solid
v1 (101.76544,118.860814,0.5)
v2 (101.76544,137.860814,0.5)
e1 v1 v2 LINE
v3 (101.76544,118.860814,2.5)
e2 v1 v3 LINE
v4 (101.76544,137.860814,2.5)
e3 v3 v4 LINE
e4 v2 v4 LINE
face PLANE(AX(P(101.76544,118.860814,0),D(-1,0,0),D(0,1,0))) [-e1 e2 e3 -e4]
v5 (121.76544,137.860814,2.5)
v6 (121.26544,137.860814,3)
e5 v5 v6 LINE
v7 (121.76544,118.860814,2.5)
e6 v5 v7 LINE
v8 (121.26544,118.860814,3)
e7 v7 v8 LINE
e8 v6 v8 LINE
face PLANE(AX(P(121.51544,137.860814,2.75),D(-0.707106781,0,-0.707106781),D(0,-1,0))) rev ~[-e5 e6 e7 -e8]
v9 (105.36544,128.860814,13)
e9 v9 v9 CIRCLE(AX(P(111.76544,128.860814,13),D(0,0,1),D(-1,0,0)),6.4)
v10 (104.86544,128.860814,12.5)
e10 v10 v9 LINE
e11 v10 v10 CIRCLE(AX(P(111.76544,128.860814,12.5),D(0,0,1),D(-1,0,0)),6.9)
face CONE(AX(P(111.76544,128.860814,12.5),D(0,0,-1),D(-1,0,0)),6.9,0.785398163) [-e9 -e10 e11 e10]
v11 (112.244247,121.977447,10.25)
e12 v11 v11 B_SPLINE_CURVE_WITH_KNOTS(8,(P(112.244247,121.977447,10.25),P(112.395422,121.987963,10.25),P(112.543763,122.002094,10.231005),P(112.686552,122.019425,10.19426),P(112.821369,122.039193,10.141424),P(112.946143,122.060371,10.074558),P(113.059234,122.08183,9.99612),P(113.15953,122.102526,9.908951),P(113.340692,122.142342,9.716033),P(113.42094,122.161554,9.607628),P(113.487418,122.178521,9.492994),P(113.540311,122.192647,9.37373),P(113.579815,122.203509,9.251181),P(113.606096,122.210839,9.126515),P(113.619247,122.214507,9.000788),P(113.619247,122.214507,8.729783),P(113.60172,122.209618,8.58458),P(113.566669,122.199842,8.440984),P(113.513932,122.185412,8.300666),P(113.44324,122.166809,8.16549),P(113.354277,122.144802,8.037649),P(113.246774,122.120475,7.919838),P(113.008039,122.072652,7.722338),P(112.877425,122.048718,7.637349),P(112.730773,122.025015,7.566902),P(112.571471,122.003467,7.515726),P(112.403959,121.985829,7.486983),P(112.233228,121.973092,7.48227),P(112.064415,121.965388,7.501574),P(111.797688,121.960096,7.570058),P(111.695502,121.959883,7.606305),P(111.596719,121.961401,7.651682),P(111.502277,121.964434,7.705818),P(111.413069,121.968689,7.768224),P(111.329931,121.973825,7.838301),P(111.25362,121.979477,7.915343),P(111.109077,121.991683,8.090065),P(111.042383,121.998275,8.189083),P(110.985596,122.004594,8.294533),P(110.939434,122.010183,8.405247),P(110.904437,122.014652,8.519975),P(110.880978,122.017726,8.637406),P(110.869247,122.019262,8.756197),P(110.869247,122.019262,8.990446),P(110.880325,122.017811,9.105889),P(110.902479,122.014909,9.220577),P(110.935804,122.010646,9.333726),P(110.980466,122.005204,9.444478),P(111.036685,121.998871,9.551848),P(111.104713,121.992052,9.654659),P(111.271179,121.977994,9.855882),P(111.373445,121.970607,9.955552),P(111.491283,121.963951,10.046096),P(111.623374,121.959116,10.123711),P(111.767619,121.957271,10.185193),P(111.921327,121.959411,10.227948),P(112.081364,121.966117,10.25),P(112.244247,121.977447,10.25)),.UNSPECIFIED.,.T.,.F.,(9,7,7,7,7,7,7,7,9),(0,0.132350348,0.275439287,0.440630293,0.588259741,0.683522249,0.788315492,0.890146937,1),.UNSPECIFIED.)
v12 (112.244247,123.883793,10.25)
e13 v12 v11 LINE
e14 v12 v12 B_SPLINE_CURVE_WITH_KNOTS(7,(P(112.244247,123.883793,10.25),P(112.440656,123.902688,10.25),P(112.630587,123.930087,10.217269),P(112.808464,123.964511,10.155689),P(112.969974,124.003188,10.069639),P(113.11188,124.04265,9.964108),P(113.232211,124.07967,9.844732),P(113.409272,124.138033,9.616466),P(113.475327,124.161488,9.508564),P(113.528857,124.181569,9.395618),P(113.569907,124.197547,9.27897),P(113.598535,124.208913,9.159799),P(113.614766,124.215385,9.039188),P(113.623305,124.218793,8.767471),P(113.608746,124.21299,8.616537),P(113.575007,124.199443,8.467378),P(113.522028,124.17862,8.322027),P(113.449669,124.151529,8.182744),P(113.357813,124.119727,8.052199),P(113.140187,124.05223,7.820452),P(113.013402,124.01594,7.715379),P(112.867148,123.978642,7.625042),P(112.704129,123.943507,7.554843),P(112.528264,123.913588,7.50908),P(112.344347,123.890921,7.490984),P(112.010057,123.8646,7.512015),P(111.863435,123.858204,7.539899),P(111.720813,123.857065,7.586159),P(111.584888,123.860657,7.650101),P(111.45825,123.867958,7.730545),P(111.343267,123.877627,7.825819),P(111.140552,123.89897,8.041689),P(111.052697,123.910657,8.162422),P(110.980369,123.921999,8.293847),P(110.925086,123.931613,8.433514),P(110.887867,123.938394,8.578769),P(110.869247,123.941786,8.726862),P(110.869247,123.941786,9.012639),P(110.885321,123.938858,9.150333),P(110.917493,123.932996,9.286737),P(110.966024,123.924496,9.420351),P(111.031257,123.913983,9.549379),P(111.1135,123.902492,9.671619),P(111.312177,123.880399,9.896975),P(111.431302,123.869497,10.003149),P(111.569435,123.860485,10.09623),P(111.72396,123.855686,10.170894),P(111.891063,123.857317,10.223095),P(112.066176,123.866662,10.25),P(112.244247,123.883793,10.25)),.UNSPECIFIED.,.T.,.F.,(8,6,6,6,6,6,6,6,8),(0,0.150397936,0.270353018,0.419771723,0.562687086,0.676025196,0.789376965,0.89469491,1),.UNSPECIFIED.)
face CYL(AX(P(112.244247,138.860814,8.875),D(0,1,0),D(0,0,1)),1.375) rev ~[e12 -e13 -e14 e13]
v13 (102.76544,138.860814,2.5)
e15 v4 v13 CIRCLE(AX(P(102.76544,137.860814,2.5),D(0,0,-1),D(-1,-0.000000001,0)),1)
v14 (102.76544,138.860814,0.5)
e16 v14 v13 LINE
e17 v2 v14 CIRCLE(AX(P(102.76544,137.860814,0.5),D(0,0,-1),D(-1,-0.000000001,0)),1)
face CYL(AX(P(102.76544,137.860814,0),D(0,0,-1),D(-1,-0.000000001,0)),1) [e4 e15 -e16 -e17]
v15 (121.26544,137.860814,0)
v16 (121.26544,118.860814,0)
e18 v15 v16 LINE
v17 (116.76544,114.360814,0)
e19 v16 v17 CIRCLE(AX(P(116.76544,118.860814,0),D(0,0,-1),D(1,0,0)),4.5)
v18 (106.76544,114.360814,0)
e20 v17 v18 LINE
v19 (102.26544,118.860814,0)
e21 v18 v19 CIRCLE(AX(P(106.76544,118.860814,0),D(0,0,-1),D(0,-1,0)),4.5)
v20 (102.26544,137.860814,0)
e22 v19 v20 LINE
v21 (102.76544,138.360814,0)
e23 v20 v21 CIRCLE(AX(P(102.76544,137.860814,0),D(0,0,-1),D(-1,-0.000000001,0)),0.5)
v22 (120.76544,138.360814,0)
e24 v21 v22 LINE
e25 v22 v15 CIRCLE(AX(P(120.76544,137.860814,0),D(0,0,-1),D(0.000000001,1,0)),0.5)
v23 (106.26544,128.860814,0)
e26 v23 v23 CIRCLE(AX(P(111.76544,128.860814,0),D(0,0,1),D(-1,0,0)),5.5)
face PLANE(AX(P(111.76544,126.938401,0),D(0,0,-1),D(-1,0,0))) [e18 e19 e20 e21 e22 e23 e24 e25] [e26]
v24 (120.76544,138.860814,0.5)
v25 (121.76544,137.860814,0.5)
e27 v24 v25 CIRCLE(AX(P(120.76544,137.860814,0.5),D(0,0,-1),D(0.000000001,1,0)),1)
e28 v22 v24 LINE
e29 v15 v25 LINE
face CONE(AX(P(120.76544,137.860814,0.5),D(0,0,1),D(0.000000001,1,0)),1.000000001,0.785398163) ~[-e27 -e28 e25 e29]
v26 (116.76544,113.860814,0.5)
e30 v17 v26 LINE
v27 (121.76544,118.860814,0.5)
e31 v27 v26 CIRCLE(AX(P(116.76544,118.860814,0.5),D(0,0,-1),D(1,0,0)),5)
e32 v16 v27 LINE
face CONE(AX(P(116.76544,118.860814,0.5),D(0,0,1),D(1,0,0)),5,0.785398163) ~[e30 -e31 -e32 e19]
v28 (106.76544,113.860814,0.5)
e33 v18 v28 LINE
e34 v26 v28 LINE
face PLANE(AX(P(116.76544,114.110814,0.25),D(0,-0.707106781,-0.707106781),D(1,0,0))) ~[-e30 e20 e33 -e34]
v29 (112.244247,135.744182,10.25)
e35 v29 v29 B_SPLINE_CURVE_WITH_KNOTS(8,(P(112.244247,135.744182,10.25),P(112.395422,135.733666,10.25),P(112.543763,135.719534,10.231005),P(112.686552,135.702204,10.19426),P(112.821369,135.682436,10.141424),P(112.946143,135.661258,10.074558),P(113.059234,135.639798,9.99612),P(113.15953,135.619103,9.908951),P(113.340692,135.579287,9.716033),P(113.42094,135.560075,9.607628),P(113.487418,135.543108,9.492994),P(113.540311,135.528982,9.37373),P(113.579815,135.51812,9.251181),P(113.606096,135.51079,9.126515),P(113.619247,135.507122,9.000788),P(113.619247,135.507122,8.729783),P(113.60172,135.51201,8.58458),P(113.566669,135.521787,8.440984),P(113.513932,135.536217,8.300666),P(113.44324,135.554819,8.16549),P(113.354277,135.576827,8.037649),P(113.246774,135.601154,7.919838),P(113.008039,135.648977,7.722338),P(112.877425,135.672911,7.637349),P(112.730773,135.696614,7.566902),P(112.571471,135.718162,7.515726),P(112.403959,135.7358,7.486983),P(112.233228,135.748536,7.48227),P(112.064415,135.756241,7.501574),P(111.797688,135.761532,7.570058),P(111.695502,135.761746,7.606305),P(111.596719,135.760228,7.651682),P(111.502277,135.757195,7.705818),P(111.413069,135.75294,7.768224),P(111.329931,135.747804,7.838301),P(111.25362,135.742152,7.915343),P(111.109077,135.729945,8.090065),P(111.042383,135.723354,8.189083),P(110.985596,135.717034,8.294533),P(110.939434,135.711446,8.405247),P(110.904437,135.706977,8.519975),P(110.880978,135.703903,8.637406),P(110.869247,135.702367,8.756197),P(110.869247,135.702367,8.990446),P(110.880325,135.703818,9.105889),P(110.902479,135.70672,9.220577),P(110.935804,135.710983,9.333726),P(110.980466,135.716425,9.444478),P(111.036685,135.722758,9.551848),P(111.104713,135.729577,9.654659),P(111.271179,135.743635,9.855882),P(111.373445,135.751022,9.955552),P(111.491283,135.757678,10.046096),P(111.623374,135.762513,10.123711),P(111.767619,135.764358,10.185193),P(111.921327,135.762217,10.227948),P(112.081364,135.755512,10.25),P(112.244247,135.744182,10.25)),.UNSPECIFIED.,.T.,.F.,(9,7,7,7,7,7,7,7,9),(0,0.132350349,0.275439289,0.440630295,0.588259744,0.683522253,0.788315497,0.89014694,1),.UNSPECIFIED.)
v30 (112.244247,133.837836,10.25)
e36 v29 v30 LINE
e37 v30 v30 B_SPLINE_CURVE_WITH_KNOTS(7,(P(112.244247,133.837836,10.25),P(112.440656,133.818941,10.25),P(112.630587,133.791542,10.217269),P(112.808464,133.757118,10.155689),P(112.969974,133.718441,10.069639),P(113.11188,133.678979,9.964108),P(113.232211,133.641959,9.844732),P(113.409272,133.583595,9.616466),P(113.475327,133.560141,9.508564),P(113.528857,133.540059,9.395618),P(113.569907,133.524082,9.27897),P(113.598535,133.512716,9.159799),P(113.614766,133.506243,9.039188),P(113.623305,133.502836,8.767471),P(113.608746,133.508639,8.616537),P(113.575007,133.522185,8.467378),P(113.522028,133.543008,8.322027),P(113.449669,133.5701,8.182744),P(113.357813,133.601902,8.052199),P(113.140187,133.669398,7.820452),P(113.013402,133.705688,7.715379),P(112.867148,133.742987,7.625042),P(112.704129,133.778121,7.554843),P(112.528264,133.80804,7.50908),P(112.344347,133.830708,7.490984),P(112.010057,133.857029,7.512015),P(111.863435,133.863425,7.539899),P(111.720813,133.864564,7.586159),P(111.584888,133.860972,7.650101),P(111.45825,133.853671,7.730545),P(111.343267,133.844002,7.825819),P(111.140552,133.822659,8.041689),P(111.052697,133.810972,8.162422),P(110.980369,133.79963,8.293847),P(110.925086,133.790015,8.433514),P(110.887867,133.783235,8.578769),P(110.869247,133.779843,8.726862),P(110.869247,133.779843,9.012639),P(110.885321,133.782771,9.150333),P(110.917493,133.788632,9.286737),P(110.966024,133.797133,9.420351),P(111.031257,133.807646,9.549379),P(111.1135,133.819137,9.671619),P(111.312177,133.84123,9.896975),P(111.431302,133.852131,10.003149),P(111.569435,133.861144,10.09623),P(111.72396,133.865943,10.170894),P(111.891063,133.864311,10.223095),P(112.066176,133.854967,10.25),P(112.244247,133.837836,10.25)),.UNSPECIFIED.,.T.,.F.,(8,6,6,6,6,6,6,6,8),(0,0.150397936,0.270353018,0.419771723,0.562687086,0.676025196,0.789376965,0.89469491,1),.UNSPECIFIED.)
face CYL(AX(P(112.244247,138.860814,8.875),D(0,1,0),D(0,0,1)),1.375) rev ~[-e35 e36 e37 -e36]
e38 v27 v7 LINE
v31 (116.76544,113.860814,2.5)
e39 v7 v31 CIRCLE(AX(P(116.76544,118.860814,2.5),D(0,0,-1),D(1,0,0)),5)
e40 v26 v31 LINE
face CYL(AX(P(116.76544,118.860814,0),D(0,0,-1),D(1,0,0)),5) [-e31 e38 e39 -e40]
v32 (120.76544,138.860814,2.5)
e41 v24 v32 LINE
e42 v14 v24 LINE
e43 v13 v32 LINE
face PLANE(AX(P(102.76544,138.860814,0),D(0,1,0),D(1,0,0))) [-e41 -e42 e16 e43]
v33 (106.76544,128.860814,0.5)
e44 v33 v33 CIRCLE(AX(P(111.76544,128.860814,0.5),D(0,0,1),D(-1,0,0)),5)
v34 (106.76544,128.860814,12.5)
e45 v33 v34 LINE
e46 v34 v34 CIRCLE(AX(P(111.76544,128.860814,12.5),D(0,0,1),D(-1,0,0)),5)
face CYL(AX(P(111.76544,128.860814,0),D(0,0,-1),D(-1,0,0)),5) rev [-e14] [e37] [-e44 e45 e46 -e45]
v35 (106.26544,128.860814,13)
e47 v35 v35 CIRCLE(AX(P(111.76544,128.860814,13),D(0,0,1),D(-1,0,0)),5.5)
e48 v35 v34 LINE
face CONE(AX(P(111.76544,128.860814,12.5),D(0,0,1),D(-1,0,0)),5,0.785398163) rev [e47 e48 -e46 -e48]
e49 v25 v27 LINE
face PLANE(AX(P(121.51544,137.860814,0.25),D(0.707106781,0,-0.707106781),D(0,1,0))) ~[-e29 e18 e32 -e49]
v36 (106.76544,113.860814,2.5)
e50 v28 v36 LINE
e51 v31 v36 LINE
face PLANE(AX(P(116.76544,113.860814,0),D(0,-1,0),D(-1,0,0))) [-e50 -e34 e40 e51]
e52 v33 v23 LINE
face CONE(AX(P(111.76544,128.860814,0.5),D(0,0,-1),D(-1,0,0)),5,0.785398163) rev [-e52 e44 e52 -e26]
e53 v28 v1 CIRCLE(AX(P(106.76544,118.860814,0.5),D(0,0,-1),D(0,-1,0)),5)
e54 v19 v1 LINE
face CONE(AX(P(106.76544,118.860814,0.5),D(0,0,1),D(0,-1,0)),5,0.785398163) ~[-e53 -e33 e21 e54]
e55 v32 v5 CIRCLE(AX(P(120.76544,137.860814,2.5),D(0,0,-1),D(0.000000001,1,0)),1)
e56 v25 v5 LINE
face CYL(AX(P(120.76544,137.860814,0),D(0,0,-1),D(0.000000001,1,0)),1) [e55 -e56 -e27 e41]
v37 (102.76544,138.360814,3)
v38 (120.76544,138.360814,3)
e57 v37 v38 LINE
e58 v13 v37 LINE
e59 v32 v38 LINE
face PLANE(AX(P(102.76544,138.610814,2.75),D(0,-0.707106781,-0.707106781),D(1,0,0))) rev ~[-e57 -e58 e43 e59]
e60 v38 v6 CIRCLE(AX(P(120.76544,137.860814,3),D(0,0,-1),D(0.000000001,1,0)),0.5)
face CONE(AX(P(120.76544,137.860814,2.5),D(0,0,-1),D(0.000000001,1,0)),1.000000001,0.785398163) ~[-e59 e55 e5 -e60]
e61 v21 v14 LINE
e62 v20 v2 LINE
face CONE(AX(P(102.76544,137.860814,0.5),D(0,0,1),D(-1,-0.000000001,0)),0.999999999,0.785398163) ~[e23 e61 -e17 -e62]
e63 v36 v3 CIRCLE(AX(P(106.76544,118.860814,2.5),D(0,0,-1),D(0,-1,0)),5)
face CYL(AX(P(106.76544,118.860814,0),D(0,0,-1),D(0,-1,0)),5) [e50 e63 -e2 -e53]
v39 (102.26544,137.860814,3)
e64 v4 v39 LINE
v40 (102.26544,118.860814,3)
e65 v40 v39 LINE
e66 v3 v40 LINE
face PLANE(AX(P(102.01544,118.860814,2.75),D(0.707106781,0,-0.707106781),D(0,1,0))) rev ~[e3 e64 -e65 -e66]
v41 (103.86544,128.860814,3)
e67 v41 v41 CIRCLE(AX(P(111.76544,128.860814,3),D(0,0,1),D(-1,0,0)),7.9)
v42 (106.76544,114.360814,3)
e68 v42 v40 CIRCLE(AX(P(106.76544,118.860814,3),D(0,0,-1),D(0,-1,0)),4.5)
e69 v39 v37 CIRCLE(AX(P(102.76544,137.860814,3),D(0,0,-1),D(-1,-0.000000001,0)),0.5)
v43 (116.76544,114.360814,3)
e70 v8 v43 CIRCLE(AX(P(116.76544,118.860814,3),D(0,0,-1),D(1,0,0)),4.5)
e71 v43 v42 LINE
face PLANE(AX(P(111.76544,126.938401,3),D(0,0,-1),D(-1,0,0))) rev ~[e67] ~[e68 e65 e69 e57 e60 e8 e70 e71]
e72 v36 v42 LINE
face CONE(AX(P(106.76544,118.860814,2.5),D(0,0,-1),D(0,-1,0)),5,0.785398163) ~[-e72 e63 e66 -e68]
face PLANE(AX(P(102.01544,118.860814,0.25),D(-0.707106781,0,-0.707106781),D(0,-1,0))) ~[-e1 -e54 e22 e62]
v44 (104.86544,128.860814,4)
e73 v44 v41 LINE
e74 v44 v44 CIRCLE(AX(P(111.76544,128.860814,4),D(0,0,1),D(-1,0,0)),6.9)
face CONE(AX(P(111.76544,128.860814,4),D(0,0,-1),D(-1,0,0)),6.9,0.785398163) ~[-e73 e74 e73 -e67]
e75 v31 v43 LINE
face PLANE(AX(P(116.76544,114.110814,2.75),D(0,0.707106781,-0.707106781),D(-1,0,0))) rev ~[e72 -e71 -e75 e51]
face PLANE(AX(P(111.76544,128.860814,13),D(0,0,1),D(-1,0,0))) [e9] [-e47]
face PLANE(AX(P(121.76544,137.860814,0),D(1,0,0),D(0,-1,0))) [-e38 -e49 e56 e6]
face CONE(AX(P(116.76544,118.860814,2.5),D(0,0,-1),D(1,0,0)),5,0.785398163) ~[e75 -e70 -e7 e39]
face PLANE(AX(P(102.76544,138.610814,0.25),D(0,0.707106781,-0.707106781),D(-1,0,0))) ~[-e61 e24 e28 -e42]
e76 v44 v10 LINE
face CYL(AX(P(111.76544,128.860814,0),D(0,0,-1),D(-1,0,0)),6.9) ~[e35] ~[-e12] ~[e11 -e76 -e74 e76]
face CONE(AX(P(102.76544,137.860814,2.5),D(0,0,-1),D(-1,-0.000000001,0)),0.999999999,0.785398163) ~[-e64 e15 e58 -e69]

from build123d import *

# Parameters (mm, degrees)
SKETCH2_R           = 6.9
BOSS_EXTRUDE1_DEPTH = 3
SKETCH3_R           = 6.9
SKETCH3_R_2         = 5
BOSS_EXTRUDE2_DEPTH = 13
CHAMFER1_SIZE       = 0.5
CHAMFER2_SIZE       = 1
SKETCH4_R           = 1.375
CUT_EXTRUDE1_DEPTH  = 20


with BuildPart() as part:
    # Sketch2 → Boss-Extrude1 (new body)
    with BuildSketch(Plane.XY):
        with BuildLine():
            Line((102.765440341, 138.860814374), (120.765440341, 138.860814374))
            ThreePointArc((120.765440341, 138.860814374), (121.472547122, 138.567921155), (121.765440341, 137.860814374))
            Line((121.765440341, 137.860814374), (121.765440341, 118.860814374))
            ThreePointArc((121.765440341, 118.860814374), (120.300974247, 115.325280468), (116.765440341, 113.860814374))
            Line((116.765440341, 113.860814374), (106.765440341, 113.860814374))
            ThreePointArc((106.765440341, 113.860814374), (103.229906435, 115.325280468), (101.765440341, 118.860814374))
            Line((101.765440341, 118.860814374), (101.765440341, 137.860814374))
            ThreePointArc((101.765440341, 137.860814374), (102.058333559, 138.567921155), (102.765440341, 138.860814374))
        make_face()
        with Locations((111.765440341, 128.860814374)):
            Circle(SKETCH2_R, mode=Mode.SUBTRACT)
    extrude(amount=BOSS_EXTRUDE1_DEPTH)

    # Sketch3 → Boss-Extrude2 (add)
    with BuildSketch(Plane.XY):
        with Locations(Location((111.765440341, 128.860814374, 0), (0, 0, 180))):
            Circle(SKETCH3_R)
        with Locations(Location((111.765440341, 128.860814374, 0), (0, 0, 180))):
            Circle(SKETCH3_R_2, mode=Mode.SUBTRACT)
    extrude(amount=BOSS_EXTRUDE2_DEPTH)

    # Chamfer1
    chamfer1_edges = [part.edges().sort_by_distance(p)[0] for p in [
        (121.472547122, 138.567921155, 0),
        (121.765440341, 128.360814374, 0),
        (111.765440341, 138.860814374, 3),
        (120.300974247, 115.325280468, 0),
        (111.765440341, 113.860814374, 0),
        (103.229906435, 115.325280468, 0),
        (101.765440341, 128.360814374, 0),
        (102.058333559, 138.567921155, 0),
        (111.765440341, 138.860814374, 0),
        (102.058333559, 138.567921155, 3),
        (101.765440341, 128.360814374, 3),
        (103.229906435, 115.325280468, 3),
        (118.665440341, 128.860814374, 13),
        (116.765440341, 128.860814374, 0),
        (116.765440341, 128.860814374, 13),
        (111.765440341, 113.860814374, 3),
        (120.300974247, 115.325280468, 3),
        (121.765440341, 128.360814374, 3),
        (121.472547122, 138.567921155, 3),
    ]]
    chamfer(chamfer1_edges, length=CHAMFER1_SIZE)

    # Chamfer2
    chamfer2_edges = [part.edges().sort_by_distance(p)[0] for p in [
        (118.665440341, 128.860814374, 3),
    ]]
    chamfer(chamfer2_edges, length=CHAMFER2_SIZE)

    # Sketch4 → Cut-Extrude1 (cut)
    with BuildSketch(Plane(origin=(0, 138.860814374, 0), x_dir=(1, 0, 0), z_dir=(0, 1, 0))):
        with Locations(Location((112.244247242, -8.875, 0), (0, 0, 270))):
            Circle(SKETCH4_R)
    extrude(amount=-CUT_EXTRUDE1_DEPTH, mode=Mode.SUBTRACT)


solid = part.part
